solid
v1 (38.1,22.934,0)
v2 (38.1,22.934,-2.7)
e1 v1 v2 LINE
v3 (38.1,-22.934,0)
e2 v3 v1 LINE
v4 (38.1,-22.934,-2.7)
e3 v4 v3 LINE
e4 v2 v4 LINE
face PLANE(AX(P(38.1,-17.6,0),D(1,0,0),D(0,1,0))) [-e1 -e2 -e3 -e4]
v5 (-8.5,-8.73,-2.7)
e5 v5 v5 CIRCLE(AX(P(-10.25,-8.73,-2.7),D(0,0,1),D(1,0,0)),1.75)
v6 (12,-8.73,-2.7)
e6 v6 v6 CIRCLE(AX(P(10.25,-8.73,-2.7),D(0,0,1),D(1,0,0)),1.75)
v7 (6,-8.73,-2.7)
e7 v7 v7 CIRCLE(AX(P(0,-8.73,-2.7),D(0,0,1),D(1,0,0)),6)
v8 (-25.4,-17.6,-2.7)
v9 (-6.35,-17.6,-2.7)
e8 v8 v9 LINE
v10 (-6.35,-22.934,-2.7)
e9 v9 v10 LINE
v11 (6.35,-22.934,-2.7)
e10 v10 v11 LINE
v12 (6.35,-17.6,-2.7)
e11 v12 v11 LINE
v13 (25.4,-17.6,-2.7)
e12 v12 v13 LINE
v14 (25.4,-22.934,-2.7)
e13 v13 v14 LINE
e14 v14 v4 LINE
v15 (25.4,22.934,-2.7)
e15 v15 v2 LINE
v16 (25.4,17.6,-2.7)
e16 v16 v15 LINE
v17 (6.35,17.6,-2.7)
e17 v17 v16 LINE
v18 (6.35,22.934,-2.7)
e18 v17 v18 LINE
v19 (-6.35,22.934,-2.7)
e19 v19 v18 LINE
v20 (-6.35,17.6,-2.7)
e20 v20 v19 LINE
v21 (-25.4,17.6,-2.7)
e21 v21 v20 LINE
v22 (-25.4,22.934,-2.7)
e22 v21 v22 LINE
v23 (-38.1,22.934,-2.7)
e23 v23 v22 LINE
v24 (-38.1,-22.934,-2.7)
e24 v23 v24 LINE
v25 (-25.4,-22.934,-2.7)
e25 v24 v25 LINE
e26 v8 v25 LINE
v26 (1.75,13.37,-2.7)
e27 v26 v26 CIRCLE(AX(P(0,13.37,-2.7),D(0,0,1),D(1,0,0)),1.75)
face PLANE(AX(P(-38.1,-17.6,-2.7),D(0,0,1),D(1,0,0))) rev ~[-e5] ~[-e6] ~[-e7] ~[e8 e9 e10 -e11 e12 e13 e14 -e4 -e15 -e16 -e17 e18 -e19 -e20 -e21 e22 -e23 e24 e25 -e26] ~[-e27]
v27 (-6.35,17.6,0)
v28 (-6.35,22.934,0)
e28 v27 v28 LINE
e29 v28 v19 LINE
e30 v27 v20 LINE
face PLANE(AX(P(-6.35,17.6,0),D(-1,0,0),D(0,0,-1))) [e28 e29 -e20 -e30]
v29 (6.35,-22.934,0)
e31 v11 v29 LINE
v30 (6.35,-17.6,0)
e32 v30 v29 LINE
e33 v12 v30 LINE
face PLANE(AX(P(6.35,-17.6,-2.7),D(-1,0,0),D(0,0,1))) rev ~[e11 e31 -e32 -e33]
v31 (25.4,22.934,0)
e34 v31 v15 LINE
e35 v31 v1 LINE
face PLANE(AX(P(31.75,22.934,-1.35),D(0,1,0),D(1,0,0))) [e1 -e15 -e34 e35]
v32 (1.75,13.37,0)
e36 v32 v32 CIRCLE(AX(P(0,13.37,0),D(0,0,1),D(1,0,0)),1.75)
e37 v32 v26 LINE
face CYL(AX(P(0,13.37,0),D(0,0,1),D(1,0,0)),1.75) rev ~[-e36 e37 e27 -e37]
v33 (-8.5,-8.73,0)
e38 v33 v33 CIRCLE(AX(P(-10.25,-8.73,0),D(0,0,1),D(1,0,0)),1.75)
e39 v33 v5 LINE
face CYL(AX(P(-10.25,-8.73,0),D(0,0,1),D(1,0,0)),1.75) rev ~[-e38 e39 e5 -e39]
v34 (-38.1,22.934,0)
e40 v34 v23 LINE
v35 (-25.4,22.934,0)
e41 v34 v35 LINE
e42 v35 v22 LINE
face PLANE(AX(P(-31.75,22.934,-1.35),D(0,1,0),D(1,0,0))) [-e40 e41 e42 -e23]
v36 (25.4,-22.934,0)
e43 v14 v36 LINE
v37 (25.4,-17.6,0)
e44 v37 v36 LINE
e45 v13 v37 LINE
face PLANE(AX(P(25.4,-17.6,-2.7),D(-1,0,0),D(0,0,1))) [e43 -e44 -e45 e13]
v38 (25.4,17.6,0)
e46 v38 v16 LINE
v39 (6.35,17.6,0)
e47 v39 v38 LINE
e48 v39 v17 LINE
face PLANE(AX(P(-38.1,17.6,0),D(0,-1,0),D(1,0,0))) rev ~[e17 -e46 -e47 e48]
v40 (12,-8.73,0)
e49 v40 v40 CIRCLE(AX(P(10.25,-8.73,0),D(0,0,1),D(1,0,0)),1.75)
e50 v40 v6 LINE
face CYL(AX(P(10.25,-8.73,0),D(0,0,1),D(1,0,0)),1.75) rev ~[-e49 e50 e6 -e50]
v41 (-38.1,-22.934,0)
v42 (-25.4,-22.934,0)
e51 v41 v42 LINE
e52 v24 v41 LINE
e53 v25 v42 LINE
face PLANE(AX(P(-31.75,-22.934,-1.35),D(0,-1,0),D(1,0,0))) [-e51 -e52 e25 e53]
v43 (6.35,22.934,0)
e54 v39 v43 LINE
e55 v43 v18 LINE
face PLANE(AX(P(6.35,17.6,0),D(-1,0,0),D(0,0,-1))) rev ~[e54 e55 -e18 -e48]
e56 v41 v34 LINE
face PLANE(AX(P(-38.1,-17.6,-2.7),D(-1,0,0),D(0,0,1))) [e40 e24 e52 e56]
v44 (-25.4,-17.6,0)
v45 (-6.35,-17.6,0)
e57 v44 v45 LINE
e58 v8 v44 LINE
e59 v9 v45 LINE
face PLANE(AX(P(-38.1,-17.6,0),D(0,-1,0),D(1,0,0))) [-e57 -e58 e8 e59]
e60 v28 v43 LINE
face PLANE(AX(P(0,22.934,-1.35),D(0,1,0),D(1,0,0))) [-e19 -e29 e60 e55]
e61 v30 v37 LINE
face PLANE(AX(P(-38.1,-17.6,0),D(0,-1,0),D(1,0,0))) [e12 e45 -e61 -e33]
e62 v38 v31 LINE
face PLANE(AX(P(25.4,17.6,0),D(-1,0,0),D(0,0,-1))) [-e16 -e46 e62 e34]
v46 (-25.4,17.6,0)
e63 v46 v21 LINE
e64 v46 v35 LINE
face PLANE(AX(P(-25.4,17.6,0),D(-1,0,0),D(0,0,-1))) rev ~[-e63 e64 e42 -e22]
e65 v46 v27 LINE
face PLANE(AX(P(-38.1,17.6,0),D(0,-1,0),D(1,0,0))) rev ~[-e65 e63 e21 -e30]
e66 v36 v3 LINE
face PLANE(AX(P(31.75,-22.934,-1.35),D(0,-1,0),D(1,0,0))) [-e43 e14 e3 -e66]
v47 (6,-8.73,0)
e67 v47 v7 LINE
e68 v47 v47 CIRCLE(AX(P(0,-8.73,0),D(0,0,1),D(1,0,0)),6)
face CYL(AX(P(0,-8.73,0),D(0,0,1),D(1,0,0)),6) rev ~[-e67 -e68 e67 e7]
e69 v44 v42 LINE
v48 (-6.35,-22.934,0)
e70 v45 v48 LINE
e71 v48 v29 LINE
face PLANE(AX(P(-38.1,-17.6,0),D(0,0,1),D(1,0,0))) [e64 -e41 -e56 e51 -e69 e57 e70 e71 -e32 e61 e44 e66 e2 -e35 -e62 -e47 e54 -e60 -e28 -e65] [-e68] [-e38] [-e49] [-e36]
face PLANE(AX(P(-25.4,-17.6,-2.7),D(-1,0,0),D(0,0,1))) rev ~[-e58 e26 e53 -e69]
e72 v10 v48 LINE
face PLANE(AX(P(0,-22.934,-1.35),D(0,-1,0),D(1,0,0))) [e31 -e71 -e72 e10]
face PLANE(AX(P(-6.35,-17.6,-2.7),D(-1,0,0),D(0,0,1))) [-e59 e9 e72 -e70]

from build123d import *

# Parameters (mm, degrees)
SKETCH1_W          = 76.2
SKETCH1_H          = 35.2
BASE_SHAPE_DEPTH   = 2.7
SKETCH2_R          = 6
SKETCH2_R_2        = 1.75
MOTOR_HOLES_DEPTH  = 43.055439601
SKETCH3_W          = 12.7
SKETCH3_H          = 2.7
TOP_TEETH_DEPTH    = 5.334
SKETCH4_W          = 12.7
SKETCH4_H          = 2.7
BOTTOM_TEETH_DEPTH = 5.334


with BuildPart() as part:
    # Sketch1 → Base Shape (new body)
    with BuildSketch(Plane.XY):
        Rectangle(SKETCH1_W, SKETCH1_H)
    extrude(amount=-BASE_SHAPE_DEPTH)

    # Sketch2 → Motor Holes (cut, through all)
    with BuildSketch(Plane.XY):
        with Locations((0, -8.73)):
            Circle(SKETCH2_R)
        with Locations((-10.25, -8.73)):
            Circle(SKETCH2_R_2)
        with Locations((10.25, -8.73)):
            Circle(SKETCH2_R_2)
        with Locations((0, 13.369999996)):
            Circle(SKETCH2_R_2)
    extrude(amount=-MOTOR_HOLES_DEPTH, mode=Mode.SUBTRACT)

    # Sketch3 → Top teeth (add)
    with BuildSketch(Plane(origin=(0, 17.6, 0), x_dir=(1, 0, 0), z_dir=(0, 1, 0))):
        with Locations((-31.75, 1.35)):
            Rectangle(SKETCH3_W, SKETCH3_H)
        with Locations((0, 1.35)):
            Rectangle(SKETCH3_W, SKETCH3_H)
        with Locations((31.75, 1.35)):
            Rectangle(SKETCH3_W, SKETCH3_H)
    extrude(amount=TOP_TEETH_DEPTH)

    # Sketch4 → Bottom teeth (add)
    with BuildSketch(Plane.XZ.offset(17.6)):
        with Locations((-31.75, -1.35)):
            Rectangle(SKETCH4_W, SKETCH4_H)
        with Locations((0, -1.35)):
            Rectangle(SKETCH4_W, SKETCH4_H)
        with Locations((31.75, -1.35)):
            Rectangle(SKETCH4_W, SKETCH4_H)
    extrude(amount=BOTTOM_TEETH_DEPTH)


solid = part.part
